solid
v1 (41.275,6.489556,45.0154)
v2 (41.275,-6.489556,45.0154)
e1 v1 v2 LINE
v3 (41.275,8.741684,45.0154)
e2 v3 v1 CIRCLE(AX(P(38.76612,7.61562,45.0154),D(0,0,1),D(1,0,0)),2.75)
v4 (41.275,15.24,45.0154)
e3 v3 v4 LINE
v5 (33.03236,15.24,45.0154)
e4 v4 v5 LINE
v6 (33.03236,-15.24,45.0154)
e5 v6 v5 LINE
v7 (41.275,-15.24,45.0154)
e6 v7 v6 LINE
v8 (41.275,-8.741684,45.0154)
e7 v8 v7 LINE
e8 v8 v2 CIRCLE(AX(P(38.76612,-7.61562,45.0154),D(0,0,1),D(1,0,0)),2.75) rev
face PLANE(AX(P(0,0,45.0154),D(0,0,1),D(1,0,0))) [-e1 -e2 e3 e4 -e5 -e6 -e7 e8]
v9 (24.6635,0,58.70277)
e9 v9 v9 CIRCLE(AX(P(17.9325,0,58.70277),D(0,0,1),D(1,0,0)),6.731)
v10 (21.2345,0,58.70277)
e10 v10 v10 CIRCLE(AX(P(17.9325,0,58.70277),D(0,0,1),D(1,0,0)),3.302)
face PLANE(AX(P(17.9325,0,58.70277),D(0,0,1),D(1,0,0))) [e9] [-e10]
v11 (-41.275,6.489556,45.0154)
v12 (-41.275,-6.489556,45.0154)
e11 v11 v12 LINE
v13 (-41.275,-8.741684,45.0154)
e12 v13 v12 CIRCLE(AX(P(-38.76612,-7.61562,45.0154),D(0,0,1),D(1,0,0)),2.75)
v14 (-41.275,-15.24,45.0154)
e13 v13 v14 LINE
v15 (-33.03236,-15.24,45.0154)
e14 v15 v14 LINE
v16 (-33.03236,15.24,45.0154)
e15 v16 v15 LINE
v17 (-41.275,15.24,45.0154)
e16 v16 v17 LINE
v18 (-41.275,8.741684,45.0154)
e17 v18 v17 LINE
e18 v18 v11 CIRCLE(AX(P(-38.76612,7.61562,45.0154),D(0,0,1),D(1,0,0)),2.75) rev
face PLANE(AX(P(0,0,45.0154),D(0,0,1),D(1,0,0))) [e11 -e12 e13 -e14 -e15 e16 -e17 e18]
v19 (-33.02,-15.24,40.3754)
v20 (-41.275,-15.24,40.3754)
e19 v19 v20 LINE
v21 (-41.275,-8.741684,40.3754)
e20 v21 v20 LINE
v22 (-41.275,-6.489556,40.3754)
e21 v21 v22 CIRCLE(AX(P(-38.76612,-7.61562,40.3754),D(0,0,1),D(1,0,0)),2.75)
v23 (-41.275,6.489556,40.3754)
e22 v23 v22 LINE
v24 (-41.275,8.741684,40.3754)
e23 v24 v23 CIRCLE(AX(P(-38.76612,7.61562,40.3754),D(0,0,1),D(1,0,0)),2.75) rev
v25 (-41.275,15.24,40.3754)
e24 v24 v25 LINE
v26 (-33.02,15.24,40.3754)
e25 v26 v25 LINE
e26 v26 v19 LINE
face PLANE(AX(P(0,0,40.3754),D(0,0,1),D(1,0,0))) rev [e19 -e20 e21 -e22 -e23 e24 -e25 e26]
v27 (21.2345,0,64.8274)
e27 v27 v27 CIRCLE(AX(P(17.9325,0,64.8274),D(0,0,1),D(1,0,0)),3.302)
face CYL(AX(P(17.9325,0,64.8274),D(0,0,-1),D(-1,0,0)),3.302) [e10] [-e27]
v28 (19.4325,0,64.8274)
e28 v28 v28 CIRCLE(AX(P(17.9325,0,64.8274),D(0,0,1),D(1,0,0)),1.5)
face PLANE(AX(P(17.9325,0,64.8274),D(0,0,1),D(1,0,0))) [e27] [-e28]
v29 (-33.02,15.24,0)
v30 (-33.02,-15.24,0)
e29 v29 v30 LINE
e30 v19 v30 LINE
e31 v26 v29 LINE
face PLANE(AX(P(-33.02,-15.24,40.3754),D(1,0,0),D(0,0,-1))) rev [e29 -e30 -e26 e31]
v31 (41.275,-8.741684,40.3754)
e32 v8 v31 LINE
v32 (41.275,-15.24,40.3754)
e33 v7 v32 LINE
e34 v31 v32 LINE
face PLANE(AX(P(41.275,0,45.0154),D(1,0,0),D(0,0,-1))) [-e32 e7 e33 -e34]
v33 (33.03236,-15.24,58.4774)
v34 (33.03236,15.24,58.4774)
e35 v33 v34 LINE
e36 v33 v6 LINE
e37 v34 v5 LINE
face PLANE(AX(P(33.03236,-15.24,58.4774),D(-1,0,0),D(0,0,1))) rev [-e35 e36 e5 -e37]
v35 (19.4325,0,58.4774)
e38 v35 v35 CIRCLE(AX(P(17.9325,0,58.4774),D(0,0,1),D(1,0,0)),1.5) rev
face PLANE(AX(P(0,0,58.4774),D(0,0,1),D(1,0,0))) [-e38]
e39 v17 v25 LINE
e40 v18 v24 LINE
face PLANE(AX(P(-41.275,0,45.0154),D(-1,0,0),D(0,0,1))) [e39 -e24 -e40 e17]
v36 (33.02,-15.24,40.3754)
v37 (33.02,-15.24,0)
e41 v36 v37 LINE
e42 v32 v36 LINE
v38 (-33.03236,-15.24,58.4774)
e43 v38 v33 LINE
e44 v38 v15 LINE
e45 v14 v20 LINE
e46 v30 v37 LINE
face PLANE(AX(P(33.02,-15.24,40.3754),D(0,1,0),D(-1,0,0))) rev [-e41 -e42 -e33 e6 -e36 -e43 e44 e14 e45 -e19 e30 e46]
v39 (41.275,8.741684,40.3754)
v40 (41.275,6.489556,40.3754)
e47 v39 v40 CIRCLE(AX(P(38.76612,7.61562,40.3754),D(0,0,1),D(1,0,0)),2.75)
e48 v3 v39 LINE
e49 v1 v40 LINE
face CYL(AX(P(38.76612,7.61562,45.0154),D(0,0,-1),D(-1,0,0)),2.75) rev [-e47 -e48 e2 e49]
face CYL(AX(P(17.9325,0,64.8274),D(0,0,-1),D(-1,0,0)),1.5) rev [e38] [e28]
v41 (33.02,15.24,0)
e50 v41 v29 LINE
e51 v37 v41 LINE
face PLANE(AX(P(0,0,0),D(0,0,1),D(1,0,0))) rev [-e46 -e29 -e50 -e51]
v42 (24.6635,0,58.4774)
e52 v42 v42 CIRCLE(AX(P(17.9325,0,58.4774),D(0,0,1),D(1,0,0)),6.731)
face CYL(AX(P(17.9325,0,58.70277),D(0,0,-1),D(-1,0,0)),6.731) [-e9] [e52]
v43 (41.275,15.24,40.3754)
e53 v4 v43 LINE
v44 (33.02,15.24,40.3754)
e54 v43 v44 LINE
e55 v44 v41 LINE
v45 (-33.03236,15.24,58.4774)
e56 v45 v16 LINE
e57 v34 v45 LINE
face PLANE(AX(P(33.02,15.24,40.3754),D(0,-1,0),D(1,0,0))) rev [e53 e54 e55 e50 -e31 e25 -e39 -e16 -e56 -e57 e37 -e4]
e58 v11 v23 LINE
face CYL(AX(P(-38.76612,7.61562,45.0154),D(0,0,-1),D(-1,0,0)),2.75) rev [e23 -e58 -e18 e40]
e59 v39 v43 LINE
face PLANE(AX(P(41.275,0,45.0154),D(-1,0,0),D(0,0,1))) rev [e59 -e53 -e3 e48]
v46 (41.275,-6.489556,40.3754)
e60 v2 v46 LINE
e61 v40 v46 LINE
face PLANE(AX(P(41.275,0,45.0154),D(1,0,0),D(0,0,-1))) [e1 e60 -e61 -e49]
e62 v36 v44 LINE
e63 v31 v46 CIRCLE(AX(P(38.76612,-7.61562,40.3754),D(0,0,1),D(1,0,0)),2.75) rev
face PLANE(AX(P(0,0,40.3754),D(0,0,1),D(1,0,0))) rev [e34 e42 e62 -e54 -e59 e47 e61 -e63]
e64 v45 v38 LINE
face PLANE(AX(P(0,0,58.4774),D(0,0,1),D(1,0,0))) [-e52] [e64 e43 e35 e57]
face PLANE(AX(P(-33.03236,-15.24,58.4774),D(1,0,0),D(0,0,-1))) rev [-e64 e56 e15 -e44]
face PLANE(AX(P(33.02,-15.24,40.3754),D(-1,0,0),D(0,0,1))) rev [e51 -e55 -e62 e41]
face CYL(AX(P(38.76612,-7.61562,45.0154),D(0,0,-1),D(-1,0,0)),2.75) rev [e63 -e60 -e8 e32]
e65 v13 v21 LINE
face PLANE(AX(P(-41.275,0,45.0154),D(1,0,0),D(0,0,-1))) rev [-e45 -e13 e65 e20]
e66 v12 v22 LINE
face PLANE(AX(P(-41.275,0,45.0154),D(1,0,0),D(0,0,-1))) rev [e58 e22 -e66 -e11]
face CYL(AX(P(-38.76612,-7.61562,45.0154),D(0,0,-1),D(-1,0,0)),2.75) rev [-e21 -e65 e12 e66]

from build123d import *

# Parameters (mm, degrees)
SKETCH_1_W       = 66.04
SKETCH_1_H       = 30.48
EXTRUDE_1_DEPTH  = 40.3754
EXTRUDE_11_DEPTH = 4.64
SKETCH_3_W       = 66.06472
SKETCH_3_H       = 30.48
EXTRUDE_12_DEPTH = 13.462
SKETCH_5_R       = 6.731
SKETCH_5_R_2     = 3.302
EXTRUDE_13_DEPTH = 0.22537
SKETCH_6_R       = 3.302
SKETCH_6_R_2     = 1.5
EXTRUDE_14_DEPTH = 6.35


with BuildPart() as part:
    # 스케치1 → 보스-돌출1 (new body)
    with BuildSketch(Plane.XY):
        Rectangle(SKETCH_1_W, SKETCH_1_H)
    extrude(amount=EXTRUDE_1_DEPTH)

    # 스케치2 → 보스-돌출11 (add)
    with BuildSketch(Plane.XY.offset(40.3754)):
        with BuildLine():
            Line((41.275, -8.74168445), (41.275, -15.24))
            Line((41.275, -15.24), (-41.275, -15.24))
            Line((-41.275, -15.24), (-41.275, -8.74168445))
            ThreePointArc((-41.275, -8.74168445), (-36.01612, -7.61562), (-41.275, -6.48955555))
            Line((-41.275, -6.48955555), (-41.275, 6.48955555))
            ThreePointArc((-41.275, 6.48955555), (-36.01612, 7.61562), (-41.275, 8.74168445))
            Line((-41.275, 8.74168445), (-41.275, 15.24))
            Line((-41.275, 15.24), (41.275, 15.24))
            Line((41.275, 15.24), (41.275, 8.74168445))
            ThreePointArc((41.275, 8.74168445), (36.01612, 7.61562), (41.275, 6.48955555))
            Line((41.275, 6.48955555), (41.275, -6.48955555))
            ThreePointArc((41.275, -6.48955555), (36.01612, -7.61562), (41.275, -8.74168445))
        make_face()
    extrude(amount=EXTRUDE_11_DEPTH)

    # 스케치3 → 보스-돌출12 (add)
    with BuildSketch(Plane.XY.offset(45.0154)):
        Rectangle(SKETCH_3_W, SKETCH_3_H)
    extrude(amount=EXTRUDE_12_DEPTH)

    # 스케치5 → 보스-돌출13 (add)
    with BuildSketch(Plane.XY.offset(58.4774)):
        with Locations((17.9325, 0)):
            Circle(SKETCH_5_R)
        with Locations((17.9325, 0)):
            Circle(SKETCH_5_R_2, mode=Mode.SUBTRACT)
    extrude(amount=EXTRUDE_13_DEPTH)

    # 스케치6 → 보스-돌출14 (add)
    with BuildSketch(Plane.XY.offset(58.4774)):
        with Locations((17.9325, 0)):
            Circle(SKETCH_6_R)
        with Locations((17.9325, 0)):
            Circle(SKETCH_6_R_2, mode=Mode.SUBTRACT)
    extrude(amount=EXTRUDE_14_DEPTH)


solid = part.part
